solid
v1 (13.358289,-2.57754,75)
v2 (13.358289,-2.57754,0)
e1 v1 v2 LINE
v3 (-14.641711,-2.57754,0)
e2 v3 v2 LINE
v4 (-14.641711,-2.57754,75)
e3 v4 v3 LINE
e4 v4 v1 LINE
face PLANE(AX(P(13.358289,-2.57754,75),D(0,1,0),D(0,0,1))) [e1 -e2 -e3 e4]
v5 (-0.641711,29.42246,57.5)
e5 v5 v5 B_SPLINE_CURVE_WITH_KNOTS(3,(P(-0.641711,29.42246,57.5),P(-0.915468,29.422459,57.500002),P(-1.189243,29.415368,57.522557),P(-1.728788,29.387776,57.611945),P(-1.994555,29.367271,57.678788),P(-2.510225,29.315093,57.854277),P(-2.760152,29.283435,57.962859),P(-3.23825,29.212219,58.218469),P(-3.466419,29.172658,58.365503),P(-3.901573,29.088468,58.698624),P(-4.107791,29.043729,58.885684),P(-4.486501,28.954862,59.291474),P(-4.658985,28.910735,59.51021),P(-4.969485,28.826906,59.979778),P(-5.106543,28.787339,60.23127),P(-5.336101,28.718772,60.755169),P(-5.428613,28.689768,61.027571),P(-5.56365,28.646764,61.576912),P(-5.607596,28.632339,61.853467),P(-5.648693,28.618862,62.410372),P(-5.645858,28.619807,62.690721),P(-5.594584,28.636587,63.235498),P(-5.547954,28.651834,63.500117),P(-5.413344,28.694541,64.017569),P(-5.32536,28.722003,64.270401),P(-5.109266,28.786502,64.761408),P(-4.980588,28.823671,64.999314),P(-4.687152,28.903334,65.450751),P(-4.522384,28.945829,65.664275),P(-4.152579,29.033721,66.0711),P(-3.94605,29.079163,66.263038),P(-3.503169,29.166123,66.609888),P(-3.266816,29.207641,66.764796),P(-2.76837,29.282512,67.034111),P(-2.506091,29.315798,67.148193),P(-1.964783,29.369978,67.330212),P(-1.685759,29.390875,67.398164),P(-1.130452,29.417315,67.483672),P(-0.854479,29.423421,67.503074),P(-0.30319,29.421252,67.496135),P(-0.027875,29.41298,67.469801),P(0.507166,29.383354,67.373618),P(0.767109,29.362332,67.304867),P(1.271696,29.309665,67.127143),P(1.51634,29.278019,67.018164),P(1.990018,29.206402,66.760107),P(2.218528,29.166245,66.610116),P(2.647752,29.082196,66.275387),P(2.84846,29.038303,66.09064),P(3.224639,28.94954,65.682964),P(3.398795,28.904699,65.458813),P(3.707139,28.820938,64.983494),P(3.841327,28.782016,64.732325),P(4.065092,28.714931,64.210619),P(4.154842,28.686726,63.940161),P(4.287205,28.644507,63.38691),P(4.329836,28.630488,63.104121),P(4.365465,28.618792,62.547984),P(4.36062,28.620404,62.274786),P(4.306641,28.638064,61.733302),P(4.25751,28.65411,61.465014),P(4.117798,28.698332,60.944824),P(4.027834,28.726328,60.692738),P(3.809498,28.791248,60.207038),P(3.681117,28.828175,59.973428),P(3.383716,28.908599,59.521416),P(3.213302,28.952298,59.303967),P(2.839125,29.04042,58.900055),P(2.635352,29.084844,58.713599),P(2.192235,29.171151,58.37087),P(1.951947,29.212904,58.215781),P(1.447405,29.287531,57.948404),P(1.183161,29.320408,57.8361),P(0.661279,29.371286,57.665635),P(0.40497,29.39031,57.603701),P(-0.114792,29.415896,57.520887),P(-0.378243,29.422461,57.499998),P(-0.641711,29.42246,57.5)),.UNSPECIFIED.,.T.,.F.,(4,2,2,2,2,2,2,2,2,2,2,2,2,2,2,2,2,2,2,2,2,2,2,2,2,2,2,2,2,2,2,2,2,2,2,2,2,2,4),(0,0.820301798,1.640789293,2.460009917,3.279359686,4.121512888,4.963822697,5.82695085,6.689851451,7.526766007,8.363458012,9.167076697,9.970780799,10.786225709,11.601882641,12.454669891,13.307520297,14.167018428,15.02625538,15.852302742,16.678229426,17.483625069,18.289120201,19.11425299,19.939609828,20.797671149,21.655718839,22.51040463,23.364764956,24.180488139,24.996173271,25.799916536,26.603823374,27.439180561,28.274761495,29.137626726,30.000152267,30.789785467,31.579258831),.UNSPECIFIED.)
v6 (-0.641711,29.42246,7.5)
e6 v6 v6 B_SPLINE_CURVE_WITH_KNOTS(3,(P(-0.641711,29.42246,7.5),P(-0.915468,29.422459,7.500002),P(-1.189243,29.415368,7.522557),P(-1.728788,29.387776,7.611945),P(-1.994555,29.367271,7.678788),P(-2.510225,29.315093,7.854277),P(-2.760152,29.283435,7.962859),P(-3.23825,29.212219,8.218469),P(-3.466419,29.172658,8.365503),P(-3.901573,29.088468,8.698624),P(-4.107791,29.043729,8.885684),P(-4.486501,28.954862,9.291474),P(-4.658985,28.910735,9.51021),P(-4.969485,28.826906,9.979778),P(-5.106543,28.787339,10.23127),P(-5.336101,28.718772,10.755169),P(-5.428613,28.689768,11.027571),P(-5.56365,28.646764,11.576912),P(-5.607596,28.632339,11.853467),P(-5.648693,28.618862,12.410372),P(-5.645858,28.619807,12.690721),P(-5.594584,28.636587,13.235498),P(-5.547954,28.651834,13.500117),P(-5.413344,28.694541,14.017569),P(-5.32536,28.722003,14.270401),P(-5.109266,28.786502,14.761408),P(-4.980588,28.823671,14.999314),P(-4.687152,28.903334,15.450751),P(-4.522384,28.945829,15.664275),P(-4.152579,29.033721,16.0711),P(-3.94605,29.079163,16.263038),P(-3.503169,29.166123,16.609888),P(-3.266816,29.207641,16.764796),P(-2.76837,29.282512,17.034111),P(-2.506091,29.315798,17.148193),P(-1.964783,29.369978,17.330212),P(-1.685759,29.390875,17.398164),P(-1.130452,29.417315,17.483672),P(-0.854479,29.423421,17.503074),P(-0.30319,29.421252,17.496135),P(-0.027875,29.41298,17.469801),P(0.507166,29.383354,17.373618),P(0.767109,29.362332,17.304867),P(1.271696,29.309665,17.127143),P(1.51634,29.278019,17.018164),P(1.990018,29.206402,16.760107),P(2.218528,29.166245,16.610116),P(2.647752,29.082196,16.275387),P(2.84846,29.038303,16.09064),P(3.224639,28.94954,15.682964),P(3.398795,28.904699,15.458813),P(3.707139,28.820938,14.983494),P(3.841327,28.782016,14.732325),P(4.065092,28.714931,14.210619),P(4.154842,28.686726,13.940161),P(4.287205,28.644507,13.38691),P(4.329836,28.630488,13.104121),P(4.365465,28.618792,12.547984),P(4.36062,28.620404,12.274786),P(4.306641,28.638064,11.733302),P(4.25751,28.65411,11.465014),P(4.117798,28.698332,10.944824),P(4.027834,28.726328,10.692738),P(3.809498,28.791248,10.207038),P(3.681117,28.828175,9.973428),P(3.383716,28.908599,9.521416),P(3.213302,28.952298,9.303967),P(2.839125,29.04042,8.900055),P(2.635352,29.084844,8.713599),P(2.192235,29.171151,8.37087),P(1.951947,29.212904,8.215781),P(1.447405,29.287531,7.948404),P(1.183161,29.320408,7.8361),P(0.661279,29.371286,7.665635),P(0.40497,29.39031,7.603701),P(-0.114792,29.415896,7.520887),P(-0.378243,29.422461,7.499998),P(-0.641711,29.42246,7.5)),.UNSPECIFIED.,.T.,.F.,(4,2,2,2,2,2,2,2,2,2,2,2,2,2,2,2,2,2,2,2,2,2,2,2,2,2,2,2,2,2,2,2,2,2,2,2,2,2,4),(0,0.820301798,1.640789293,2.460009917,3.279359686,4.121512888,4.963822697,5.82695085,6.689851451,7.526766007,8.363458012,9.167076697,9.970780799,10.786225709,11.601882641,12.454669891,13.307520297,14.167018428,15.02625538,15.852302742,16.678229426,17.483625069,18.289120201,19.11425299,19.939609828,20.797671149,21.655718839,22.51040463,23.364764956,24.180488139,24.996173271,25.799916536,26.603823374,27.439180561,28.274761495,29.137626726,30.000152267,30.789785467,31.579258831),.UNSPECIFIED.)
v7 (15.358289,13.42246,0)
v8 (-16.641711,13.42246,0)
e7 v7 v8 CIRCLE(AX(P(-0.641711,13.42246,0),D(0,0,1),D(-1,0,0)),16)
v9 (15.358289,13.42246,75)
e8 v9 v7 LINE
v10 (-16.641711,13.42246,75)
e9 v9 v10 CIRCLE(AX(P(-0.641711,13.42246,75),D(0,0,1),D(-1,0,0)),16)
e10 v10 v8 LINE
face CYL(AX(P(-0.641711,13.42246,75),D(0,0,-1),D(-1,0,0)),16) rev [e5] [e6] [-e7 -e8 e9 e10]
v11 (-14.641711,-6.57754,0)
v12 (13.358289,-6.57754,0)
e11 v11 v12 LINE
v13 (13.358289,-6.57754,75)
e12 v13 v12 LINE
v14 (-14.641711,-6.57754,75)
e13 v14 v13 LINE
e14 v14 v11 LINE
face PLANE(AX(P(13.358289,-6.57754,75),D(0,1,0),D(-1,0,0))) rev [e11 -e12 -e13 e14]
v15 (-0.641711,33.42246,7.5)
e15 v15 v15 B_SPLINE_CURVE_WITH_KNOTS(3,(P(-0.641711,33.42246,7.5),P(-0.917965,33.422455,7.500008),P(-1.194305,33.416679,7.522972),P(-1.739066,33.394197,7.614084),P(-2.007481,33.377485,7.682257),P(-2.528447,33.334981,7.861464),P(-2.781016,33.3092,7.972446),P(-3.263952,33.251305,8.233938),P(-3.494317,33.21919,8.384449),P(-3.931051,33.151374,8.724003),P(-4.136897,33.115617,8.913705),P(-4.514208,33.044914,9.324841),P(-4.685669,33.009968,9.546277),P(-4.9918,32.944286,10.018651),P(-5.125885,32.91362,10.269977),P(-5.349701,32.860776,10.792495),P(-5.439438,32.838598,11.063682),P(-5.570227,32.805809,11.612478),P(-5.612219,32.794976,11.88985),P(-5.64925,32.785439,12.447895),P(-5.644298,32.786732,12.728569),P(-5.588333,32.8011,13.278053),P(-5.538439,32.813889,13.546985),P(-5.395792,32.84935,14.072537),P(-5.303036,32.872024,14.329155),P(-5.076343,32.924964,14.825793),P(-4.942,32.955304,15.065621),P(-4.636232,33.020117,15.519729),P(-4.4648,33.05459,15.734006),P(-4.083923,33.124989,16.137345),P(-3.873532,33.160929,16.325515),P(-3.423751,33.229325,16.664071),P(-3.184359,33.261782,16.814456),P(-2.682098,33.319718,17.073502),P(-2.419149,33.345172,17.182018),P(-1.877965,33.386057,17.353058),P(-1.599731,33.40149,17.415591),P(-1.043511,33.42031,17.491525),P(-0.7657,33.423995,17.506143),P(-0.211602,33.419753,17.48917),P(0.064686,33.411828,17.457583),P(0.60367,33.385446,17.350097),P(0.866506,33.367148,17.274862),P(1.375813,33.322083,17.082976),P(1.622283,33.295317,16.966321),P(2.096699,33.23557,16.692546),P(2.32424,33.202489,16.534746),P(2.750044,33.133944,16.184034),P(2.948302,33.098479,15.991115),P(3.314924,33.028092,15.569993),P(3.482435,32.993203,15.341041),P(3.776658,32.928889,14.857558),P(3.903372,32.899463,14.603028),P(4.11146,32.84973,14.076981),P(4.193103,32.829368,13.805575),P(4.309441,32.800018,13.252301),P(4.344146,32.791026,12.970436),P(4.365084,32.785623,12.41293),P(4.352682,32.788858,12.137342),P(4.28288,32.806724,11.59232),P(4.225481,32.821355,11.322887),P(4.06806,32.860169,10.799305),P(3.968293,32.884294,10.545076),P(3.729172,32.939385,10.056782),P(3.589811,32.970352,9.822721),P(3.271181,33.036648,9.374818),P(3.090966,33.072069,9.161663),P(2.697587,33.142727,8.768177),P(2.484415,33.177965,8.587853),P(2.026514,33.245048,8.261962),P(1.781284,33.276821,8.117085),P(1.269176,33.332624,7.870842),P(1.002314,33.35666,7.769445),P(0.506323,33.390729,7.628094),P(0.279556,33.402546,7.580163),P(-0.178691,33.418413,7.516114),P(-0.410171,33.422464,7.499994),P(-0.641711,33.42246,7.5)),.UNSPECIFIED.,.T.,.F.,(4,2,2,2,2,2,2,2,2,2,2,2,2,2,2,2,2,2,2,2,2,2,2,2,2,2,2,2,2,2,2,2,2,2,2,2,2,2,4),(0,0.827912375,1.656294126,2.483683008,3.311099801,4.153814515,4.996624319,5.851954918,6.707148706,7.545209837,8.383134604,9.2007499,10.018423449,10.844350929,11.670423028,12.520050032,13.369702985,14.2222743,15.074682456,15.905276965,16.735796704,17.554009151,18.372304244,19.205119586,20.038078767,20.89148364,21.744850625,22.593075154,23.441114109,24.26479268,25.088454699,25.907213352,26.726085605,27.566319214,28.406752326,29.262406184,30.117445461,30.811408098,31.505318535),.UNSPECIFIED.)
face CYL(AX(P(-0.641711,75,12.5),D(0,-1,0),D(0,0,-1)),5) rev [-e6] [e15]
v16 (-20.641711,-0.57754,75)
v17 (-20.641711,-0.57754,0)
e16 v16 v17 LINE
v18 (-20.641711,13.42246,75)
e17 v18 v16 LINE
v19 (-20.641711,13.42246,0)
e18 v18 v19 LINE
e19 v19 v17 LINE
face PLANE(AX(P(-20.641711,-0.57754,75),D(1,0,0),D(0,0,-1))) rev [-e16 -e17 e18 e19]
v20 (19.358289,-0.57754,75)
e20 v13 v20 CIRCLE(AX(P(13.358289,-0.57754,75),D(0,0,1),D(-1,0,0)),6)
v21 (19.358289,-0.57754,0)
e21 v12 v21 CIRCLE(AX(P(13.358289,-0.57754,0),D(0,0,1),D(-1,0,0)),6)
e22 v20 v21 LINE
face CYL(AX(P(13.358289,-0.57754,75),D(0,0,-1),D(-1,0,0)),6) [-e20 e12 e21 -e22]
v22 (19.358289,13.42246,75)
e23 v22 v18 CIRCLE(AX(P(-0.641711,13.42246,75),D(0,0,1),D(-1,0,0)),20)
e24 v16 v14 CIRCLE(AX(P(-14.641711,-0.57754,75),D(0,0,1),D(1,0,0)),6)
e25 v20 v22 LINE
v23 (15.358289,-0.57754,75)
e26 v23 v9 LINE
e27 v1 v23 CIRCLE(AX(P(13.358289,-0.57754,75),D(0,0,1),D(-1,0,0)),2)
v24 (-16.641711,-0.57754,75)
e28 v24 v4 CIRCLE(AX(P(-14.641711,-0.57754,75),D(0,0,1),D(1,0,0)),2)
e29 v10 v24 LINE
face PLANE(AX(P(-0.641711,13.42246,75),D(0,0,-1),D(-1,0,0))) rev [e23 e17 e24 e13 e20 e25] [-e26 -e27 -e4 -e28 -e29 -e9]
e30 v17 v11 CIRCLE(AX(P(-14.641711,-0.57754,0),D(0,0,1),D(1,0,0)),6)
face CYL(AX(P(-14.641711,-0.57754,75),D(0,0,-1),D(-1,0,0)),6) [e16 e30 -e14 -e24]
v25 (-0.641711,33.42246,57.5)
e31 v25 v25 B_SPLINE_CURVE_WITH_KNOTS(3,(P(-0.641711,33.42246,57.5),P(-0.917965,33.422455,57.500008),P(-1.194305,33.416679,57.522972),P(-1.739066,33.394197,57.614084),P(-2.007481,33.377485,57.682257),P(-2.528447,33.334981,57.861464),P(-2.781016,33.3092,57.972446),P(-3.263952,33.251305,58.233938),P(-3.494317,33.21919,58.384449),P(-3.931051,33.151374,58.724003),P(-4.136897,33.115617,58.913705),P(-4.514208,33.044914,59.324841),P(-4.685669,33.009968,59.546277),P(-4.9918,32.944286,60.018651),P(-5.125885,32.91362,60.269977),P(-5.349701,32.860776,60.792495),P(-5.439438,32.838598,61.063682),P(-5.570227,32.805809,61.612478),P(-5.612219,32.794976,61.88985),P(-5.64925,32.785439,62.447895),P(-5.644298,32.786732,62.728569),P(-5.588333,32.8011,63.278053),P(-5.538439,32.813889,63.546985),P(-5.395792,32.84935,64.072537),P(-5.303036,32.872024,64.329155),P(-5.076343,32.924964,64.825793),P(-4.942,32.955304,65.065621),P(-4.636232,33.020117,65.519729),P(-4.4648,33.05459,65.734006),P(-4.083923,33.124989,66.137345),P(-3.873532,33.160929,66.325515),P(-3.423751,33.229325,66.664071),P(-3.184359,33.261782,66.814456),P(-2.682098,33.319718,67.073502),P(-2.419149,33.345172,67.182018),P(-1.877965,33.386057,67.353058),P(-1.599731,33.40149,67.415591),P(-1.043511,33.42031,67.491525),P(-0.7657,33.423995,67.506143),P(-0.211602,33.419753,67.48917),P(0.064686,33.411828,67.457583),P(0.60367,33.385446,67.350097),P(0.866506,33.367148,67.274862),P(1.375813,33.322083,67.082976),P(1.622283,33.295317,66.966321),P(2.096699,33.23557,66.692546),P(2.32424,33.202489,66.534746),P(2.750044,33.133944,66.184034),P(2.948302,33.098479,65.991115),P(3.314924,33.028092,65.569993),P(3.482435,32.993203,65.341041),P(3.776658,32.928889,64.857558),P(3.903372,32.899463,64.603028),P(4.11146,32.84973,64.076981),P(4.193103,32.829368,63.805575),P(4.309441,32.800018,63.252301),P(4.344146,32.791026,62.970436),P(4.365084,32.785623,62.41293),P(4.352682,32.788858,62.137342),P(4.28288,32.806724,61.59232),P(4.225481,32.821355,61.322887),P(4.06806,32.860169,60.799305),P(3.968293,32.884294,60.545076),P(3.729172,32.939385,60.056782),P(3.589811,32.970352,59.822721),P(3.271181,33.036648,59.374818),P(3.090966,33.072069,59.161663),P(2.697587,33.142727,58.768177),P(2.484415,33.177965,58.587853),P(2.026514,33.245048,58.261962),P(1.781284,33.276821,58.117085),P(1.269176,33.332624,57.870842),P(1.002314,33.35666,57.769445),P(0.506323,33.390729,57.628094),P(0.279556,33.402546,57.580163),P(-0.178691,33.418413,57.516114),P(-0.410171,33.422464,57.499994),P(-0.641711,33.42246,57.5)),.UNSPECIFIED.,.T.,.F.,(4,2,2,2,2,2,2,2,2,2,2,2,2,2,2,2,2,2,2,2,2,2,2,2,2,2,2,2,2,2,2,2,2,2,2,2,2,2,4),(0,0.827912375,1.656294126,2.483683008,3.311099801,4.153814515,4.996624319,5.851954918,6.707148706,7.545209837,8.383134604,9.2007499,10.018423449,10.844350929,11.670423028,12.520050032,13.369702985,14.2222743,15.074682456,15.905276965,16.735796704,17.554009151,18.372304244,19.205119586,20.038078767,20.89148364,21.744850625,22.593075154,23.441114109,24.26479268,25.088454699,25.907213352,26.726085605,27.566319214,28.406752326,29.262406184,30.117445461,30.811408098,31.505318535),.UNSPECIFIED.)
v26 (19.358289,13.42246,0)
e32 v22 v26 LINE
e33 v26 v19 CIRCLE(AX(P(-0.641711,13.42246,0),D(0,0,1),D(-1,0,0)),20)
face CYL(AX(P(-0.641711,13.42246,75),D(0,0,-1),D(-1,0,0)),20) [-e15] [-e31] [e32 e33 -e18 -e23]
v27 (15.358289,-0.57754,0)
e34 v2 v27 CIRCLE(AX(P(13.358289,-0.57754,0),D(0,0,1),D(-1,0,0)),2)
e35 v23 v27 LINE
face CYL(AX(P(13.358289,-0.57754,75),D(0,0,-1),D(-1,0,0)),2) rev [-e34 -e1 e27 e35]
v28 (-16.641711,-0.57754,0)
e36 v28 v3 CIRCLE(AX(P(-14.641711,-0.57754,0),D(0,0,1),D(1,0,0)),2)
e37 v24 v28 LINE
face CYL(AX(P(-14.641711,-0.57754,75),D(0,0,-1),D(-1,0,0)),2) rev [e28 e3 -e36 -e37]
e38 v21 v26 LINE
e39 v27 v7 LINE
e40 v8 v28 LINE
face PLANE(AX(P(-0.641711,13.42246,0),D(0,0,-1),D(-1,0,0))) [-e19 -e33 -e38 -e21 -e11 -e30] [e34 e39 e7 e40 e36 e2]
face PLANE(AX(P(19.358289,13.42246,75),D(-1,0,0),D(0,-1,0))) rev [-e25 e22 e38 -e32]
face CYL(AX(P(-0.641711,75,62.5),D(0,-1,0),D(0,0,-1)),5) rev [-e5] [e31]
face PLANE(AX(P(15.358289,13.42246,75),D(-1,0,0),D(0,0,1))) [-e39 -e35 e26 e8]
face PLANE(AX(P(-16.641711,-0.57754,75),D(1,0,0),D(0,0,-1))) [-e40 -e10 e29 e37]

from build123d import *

# Parameters (mm, degrees)
BOSS_EXTRU_1_DEPTH      = 75
ESQUISSE2_R             = 5
ENL_V_MAT_EXTRU_1_DEPTH = 75


with BuildPart() as part:
    # Esquisse1 → Boss.-Extru.1 (new body)
    with BuildSketch(Plane.XY):
        with BuildLine():
            Line((-20.64171123, -0.577540107), (-20.64171123, 13.422459893))
            ThreePointArc((-20.64171123, 13.422459893), (-0.64171123, 33.422459893), (19.35828877, 13.422459893))
            Line((19.35828877, 13.422459893), (19.35828877, -0.577540107))
            ThreePointArc((19.35828877, -0.577540107), (17.600929457, -4.820180794), (13.35828877, -6.577540107))
            Line((13.35828877, -6.577540107), (-14.64171123, -6.577540107))
            ThreePointArc((-14.64171123, -6.577540107), (-18.884351917, -4.820180794), (-20.64171123, -0.577540107))
        make_face()
        with BuildLine():
            Line((13.35828877, -2.577540107), (-14.64171123, -2.577540107))
            ThreePointArc((-14.64171123, -2.577540107), (-16.055924792, -1.991753669), (-16.64171123, -0.577540107))
            Line((-16.64171123, -0.577540107), (-16.64171123, 13.422459893))
            ThreePointArc((-16.64171123, 13.422459893), (-0.64171123, 29.422459893), (15.35828877, 13.422459893))
            Line((15.35828877, 13.422459893), (15.35828877, -0.577540107))
            ThreePointArc((15.35828877, -0.577540107), (14.772502332, -1.991753669), (13.35828877, -2.577540107))
        make_face(mode=Mode.SUBTRACT)
    extrude(amount=BOSS_EXTRU_1_DEPTH)

    # Esquisse2 → Enlèv. mat.-Extru.1 (cut)
    with BuildSketch(Plane(origin=(0, 0, 0), x_dir=(1, 0, 0), z_dir=(0, 1, 0))):
        with Locations(Location((-0.64171123, -12.5, 0), (0, 0, 90))):
            Circle(ESQUISSE2_R)
        with Locations(Location((-0.64171123, -62.5, 0), (0, 0, 90))):
            Circle(ESQUISSE2_R)
    extrude(amount=ENL_V_MAT_EXTRU_1_DEPTH, mode=Mode.SUBTRACT)


solid = part.part
